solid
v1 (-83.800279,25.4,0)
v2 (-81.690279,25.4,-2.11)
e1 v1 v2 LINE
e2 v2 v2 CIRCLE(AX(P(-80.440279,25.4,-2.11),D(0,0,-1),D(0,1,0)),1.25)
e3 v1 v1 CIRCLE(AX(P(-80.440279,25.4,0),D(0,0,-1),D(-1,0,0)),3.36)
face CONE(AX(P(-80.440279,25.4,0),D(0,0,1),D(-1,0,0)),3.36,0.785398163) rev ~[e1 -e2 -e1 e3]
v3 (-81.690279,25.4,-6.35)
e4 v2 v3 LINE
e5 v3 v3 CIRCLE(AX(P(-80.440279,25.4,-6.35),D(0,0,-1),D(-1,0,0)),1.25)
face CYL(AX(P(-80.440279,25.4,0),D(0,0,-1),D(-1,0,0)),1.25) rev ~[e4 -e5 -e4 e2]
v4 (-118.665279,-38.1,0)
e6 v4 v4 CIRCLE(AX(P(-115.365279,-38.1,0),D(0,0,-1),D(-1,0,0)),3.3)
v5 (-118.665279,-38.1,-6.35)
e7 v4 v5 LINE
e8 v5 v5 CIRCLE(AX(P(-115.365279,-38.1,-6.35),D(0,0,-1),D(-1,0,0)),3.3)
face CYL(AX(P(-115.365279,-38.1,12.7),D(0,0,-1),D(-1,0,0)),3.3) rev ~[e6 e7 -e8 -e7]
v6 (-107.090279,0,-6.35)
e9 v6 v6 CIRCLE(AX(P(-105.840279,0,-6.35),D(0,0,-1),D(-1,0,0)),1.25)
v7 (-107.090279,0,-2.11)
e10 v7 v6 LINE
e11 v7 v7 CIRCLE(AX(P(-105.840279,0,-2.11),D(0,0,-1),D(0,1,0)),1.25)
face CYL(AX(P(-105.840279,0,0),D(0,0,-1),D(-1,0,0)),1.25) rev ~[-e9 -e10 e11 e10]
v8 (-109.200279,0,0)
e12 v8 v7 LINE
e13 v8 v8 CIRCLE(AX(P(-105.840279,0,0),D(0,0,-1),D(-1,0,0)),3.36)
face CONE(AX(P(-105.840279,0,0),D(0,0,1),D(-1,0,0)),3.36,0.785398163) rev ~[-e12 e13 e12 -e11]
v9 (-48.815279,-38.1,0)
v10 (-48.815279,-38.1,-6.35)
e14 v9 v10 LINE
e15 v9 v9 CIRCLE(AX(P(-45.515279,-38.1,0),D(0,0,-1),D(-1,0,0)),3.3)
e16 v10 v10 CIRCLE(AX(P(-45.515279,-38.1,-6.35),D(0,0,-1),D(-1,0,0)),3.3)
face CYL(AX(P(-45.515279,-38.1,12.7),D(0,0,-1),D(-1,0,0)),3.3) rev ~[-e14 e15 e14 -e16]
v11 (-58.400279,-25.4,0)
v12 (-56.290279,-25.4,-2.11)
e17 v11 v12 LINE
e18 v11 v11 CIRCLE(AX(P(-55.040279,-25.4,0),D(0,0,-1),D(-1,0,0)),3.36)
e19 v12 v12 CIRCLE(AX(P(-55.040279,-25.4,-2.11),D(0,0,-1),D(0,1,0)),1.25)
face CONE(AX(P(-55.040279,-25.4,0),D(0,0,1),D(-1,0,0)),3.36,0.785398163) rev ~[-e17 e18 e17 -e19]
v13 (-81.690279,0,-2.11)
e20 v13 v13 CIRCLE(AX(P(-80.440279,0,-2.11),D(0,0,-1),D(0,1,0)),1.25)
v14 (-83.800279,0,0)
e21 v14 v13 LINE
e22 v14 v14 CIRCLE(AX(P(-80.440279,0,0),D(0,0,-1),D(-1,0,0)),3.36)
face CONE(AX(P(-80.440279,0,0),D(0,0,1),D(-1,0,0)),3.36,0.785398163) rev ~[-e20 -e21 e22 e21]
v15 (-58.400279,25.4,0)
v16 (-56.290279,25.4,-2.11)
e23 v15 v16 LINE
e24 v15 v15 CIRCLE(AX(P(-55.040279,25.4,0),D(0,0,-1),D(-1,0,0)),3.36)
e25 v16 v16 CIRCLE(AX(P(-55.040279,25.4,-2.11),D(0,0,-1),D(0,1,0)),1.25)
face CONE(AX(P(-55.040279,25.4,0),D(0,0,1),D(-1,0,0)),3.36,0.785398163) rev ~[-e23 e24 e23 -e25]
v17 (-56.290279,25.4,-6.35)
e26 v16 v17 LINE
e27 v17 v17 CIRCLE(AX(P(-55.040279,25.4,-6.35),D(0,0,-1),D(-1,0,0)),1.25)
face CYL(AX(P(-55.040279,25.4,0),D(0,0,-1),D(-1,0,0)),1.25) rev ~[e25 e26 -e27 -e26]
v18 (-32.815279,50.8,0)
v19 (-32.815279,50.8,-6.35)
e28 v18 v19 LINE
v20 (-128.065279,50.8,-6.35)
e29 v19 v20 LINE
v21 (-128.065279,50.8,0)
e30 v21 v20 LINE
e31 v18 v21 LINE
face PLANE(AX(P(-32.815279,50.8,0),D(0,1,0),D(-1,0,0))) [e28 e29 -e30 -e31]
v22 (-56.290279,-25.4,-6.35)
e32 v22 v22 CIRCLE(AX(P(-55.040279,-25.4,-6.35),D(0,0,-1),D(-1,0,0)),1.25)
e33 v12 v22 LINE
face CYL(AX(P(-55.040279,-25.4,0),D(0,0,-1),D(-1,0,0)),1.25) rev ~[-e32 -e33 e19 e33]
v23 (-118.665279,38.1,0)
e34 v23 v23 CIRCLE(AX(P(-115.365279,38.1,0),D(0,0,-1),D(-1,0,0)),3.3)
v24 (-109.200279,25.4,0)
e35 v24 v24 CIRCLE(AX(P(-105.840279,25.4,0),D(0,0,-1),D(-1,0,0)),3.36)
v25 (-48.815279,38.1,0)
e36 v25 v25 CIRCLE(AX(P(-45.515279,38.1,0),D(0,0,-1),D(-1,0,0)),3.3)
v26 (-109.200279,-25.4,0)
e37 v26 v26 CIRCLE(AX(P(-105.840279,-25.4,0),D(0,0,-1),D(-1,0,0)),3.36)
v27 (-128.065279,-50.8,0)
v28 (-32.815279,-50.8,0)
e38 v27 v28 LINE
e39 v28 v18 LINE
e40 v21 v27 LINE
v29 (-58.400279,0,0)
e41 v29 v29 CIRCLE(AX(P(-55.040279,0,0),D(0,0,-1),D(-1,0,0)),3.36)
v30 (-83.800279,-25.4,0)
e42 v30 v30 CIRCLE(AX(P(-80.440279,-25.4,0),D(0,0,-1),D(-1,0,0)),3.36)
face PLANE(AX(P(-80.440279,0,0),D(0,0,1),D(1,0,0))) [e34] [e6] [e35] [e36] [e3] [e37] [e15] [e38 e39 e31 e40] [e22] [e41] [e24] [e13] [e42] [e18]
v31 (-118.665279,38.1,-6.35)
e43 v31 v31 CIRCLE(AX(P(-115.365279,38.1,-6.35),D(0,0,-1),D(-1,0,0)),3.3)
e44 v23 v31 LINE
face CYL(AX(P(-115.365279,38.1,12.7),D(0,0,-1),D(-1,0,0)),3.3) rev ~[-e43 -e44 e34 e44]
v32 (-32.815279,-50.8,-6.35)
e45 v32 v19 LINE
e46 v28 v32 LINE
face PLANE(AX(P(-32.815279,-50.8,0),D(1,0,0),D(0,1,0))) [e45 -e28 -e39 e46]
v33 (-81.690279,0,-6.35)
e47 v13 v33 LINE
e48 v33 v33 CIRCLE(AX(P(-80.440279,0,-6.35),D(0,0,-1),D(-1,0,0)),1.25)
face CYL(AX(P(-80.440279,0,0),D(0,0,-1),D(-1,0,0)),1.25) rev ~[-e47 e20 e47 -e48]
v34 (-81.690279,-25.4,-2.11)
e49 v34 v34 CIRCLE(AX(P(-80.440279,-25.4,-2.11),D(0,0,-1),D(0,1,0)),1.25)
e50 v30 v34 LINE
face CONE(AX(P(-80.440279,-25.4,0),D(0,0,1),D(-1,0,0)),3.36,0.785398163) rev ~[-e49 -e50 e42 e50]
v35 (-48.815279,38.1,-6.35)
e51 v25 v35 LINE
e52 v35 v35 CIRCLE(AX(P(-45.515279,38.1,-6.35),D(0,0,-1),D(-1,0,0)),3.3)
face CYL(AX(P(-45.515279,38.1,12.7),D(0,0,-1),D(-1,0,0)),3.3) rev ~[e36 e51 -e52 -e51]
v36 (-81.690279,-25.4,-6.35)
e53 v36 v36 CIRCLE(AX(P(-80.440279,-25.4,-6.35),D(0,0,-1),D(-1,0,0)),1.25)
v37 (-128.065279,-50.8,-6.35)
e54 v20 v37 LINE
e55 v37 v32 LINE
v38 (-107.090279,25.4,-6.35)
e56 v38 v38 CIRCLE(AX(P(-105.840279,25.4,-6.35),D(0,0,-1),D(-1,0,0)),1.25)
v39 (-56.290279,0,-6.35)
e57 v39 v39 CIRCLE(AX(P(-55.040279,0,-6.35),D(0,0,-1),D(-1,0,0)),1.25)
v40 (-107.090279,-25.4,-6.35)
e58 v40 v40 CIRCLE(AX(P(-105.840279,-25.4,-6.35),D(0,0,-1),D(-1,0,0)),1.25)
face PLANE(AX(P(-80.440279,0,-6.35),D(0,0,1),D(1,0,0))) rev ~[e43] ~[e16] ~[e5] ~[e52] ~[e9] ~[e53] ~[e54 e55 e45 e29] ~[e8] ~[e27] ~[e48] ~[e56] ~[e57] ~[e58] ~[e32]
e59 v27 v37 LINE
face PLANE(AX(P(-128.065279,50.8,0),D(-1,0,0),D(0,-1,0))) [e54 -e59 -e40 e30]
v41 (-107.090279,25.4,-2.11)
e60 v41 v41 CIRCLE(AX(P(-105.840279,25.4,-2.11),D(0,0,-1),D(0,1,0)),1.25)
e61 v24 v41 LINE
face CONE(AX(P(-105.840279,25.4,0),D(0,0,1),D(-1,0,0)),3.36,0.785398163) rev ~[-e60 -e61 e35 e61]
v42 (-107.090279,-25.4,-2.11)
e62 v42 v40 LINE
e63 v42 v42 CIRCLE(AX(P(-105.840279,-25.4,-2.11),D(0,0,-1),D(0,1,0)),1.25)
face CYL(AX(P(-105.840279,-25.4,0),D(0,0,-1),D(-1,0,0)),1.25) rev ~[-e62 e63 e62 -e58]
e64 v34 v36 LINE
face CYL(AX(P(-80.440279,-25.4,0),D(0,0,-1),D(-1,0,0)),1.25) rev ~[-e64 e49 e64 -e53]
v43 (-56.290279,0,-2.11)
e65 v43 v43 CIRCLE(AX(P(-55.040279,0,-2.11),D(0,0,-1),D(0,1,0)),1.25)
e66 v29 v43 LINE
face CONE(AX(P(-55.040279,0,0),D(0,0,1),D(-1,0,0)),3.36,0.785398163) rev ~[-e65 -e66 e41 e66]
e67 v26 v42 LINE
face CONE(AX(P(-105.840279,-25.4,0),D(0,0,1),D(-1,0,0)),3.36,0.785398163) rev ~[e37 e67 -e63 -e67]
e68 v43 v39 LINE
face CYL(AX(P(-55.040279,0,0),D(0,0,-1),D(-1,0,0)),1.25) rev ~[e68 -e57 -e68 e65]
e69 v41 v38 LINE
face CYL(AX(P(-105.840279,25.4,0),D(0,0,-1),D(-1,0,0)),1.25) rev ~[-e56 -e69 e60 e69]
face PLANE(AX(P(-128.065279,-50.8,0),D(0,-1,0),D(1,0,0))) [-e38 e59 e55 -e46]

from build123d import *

# Parameters (mm, degrees)
F1_DEPTH       = 6.35
F2_D           = 6.6
F2_DEPTH       = 12.7
F2_TIP         = 1.9828400428
F3_D           = 2.5
F3_DEPTH       = 12.7014
F3_CSINK_D     = 6.72
F3_CSINK_ANGLE = 90
F3_TIP         = 0.7510757738


with BuildPart() as f1:
    # F0 (on Top) → F1 (new body)
    with BuildSketch(Plane.XY):
        Polygon((-32.8152788184, 50.8), (-128.0652788184, 50.8), (-128.0652788184, -50.8), (-96.3170453906, -50.8), (-32.8152788184, -50.8), align=None)
    extrude(amount=-F1_DEPTH)

    # F2
    with Locations(Plane.XY):
        with Locations((-115.3652788184, 38.1), (-45.5152788184, 38.1), (-45.5152788184, -38.1), (-115.3652788184, -38.1)):
            Hole(F2_D / 2, depth=F2_DEPTH)
            with Locations((0, 0, -(F2_DEPTH + F2_TIP / 2))):  # 118° drill point
                Cone(0, F2_D / 2, F2_TIP, mode=Mode.SUBTRACT)

    # F3
    with Locations(Plane.XY):
        with Locations((-105.8402788184, 25.4), (-80.4402788184, 25.4), (-55.0402788184, 25.4), (-80.4402788184, 0), (-55.0402788184, 0), (-105.8402788184, 0), (-105.8402788184, -25.4), (-80.4402788184, -25.4), (-55.0402788184, -25.4)):
            CounterSinkHole(F3_D / 2, F3_CSINK_D / 2, depth=F3_DEPTH, counter_sink_angle=F3_CSINK_ANGLE)
            with Locations((0, 0, -(F3_DEPTH + F3_TIP / 2))):  # 118° drill point
                Cone(0, F3_D / 2, F3_TIP, mode=Mode.SUBTRACT)


solid = f1.part
